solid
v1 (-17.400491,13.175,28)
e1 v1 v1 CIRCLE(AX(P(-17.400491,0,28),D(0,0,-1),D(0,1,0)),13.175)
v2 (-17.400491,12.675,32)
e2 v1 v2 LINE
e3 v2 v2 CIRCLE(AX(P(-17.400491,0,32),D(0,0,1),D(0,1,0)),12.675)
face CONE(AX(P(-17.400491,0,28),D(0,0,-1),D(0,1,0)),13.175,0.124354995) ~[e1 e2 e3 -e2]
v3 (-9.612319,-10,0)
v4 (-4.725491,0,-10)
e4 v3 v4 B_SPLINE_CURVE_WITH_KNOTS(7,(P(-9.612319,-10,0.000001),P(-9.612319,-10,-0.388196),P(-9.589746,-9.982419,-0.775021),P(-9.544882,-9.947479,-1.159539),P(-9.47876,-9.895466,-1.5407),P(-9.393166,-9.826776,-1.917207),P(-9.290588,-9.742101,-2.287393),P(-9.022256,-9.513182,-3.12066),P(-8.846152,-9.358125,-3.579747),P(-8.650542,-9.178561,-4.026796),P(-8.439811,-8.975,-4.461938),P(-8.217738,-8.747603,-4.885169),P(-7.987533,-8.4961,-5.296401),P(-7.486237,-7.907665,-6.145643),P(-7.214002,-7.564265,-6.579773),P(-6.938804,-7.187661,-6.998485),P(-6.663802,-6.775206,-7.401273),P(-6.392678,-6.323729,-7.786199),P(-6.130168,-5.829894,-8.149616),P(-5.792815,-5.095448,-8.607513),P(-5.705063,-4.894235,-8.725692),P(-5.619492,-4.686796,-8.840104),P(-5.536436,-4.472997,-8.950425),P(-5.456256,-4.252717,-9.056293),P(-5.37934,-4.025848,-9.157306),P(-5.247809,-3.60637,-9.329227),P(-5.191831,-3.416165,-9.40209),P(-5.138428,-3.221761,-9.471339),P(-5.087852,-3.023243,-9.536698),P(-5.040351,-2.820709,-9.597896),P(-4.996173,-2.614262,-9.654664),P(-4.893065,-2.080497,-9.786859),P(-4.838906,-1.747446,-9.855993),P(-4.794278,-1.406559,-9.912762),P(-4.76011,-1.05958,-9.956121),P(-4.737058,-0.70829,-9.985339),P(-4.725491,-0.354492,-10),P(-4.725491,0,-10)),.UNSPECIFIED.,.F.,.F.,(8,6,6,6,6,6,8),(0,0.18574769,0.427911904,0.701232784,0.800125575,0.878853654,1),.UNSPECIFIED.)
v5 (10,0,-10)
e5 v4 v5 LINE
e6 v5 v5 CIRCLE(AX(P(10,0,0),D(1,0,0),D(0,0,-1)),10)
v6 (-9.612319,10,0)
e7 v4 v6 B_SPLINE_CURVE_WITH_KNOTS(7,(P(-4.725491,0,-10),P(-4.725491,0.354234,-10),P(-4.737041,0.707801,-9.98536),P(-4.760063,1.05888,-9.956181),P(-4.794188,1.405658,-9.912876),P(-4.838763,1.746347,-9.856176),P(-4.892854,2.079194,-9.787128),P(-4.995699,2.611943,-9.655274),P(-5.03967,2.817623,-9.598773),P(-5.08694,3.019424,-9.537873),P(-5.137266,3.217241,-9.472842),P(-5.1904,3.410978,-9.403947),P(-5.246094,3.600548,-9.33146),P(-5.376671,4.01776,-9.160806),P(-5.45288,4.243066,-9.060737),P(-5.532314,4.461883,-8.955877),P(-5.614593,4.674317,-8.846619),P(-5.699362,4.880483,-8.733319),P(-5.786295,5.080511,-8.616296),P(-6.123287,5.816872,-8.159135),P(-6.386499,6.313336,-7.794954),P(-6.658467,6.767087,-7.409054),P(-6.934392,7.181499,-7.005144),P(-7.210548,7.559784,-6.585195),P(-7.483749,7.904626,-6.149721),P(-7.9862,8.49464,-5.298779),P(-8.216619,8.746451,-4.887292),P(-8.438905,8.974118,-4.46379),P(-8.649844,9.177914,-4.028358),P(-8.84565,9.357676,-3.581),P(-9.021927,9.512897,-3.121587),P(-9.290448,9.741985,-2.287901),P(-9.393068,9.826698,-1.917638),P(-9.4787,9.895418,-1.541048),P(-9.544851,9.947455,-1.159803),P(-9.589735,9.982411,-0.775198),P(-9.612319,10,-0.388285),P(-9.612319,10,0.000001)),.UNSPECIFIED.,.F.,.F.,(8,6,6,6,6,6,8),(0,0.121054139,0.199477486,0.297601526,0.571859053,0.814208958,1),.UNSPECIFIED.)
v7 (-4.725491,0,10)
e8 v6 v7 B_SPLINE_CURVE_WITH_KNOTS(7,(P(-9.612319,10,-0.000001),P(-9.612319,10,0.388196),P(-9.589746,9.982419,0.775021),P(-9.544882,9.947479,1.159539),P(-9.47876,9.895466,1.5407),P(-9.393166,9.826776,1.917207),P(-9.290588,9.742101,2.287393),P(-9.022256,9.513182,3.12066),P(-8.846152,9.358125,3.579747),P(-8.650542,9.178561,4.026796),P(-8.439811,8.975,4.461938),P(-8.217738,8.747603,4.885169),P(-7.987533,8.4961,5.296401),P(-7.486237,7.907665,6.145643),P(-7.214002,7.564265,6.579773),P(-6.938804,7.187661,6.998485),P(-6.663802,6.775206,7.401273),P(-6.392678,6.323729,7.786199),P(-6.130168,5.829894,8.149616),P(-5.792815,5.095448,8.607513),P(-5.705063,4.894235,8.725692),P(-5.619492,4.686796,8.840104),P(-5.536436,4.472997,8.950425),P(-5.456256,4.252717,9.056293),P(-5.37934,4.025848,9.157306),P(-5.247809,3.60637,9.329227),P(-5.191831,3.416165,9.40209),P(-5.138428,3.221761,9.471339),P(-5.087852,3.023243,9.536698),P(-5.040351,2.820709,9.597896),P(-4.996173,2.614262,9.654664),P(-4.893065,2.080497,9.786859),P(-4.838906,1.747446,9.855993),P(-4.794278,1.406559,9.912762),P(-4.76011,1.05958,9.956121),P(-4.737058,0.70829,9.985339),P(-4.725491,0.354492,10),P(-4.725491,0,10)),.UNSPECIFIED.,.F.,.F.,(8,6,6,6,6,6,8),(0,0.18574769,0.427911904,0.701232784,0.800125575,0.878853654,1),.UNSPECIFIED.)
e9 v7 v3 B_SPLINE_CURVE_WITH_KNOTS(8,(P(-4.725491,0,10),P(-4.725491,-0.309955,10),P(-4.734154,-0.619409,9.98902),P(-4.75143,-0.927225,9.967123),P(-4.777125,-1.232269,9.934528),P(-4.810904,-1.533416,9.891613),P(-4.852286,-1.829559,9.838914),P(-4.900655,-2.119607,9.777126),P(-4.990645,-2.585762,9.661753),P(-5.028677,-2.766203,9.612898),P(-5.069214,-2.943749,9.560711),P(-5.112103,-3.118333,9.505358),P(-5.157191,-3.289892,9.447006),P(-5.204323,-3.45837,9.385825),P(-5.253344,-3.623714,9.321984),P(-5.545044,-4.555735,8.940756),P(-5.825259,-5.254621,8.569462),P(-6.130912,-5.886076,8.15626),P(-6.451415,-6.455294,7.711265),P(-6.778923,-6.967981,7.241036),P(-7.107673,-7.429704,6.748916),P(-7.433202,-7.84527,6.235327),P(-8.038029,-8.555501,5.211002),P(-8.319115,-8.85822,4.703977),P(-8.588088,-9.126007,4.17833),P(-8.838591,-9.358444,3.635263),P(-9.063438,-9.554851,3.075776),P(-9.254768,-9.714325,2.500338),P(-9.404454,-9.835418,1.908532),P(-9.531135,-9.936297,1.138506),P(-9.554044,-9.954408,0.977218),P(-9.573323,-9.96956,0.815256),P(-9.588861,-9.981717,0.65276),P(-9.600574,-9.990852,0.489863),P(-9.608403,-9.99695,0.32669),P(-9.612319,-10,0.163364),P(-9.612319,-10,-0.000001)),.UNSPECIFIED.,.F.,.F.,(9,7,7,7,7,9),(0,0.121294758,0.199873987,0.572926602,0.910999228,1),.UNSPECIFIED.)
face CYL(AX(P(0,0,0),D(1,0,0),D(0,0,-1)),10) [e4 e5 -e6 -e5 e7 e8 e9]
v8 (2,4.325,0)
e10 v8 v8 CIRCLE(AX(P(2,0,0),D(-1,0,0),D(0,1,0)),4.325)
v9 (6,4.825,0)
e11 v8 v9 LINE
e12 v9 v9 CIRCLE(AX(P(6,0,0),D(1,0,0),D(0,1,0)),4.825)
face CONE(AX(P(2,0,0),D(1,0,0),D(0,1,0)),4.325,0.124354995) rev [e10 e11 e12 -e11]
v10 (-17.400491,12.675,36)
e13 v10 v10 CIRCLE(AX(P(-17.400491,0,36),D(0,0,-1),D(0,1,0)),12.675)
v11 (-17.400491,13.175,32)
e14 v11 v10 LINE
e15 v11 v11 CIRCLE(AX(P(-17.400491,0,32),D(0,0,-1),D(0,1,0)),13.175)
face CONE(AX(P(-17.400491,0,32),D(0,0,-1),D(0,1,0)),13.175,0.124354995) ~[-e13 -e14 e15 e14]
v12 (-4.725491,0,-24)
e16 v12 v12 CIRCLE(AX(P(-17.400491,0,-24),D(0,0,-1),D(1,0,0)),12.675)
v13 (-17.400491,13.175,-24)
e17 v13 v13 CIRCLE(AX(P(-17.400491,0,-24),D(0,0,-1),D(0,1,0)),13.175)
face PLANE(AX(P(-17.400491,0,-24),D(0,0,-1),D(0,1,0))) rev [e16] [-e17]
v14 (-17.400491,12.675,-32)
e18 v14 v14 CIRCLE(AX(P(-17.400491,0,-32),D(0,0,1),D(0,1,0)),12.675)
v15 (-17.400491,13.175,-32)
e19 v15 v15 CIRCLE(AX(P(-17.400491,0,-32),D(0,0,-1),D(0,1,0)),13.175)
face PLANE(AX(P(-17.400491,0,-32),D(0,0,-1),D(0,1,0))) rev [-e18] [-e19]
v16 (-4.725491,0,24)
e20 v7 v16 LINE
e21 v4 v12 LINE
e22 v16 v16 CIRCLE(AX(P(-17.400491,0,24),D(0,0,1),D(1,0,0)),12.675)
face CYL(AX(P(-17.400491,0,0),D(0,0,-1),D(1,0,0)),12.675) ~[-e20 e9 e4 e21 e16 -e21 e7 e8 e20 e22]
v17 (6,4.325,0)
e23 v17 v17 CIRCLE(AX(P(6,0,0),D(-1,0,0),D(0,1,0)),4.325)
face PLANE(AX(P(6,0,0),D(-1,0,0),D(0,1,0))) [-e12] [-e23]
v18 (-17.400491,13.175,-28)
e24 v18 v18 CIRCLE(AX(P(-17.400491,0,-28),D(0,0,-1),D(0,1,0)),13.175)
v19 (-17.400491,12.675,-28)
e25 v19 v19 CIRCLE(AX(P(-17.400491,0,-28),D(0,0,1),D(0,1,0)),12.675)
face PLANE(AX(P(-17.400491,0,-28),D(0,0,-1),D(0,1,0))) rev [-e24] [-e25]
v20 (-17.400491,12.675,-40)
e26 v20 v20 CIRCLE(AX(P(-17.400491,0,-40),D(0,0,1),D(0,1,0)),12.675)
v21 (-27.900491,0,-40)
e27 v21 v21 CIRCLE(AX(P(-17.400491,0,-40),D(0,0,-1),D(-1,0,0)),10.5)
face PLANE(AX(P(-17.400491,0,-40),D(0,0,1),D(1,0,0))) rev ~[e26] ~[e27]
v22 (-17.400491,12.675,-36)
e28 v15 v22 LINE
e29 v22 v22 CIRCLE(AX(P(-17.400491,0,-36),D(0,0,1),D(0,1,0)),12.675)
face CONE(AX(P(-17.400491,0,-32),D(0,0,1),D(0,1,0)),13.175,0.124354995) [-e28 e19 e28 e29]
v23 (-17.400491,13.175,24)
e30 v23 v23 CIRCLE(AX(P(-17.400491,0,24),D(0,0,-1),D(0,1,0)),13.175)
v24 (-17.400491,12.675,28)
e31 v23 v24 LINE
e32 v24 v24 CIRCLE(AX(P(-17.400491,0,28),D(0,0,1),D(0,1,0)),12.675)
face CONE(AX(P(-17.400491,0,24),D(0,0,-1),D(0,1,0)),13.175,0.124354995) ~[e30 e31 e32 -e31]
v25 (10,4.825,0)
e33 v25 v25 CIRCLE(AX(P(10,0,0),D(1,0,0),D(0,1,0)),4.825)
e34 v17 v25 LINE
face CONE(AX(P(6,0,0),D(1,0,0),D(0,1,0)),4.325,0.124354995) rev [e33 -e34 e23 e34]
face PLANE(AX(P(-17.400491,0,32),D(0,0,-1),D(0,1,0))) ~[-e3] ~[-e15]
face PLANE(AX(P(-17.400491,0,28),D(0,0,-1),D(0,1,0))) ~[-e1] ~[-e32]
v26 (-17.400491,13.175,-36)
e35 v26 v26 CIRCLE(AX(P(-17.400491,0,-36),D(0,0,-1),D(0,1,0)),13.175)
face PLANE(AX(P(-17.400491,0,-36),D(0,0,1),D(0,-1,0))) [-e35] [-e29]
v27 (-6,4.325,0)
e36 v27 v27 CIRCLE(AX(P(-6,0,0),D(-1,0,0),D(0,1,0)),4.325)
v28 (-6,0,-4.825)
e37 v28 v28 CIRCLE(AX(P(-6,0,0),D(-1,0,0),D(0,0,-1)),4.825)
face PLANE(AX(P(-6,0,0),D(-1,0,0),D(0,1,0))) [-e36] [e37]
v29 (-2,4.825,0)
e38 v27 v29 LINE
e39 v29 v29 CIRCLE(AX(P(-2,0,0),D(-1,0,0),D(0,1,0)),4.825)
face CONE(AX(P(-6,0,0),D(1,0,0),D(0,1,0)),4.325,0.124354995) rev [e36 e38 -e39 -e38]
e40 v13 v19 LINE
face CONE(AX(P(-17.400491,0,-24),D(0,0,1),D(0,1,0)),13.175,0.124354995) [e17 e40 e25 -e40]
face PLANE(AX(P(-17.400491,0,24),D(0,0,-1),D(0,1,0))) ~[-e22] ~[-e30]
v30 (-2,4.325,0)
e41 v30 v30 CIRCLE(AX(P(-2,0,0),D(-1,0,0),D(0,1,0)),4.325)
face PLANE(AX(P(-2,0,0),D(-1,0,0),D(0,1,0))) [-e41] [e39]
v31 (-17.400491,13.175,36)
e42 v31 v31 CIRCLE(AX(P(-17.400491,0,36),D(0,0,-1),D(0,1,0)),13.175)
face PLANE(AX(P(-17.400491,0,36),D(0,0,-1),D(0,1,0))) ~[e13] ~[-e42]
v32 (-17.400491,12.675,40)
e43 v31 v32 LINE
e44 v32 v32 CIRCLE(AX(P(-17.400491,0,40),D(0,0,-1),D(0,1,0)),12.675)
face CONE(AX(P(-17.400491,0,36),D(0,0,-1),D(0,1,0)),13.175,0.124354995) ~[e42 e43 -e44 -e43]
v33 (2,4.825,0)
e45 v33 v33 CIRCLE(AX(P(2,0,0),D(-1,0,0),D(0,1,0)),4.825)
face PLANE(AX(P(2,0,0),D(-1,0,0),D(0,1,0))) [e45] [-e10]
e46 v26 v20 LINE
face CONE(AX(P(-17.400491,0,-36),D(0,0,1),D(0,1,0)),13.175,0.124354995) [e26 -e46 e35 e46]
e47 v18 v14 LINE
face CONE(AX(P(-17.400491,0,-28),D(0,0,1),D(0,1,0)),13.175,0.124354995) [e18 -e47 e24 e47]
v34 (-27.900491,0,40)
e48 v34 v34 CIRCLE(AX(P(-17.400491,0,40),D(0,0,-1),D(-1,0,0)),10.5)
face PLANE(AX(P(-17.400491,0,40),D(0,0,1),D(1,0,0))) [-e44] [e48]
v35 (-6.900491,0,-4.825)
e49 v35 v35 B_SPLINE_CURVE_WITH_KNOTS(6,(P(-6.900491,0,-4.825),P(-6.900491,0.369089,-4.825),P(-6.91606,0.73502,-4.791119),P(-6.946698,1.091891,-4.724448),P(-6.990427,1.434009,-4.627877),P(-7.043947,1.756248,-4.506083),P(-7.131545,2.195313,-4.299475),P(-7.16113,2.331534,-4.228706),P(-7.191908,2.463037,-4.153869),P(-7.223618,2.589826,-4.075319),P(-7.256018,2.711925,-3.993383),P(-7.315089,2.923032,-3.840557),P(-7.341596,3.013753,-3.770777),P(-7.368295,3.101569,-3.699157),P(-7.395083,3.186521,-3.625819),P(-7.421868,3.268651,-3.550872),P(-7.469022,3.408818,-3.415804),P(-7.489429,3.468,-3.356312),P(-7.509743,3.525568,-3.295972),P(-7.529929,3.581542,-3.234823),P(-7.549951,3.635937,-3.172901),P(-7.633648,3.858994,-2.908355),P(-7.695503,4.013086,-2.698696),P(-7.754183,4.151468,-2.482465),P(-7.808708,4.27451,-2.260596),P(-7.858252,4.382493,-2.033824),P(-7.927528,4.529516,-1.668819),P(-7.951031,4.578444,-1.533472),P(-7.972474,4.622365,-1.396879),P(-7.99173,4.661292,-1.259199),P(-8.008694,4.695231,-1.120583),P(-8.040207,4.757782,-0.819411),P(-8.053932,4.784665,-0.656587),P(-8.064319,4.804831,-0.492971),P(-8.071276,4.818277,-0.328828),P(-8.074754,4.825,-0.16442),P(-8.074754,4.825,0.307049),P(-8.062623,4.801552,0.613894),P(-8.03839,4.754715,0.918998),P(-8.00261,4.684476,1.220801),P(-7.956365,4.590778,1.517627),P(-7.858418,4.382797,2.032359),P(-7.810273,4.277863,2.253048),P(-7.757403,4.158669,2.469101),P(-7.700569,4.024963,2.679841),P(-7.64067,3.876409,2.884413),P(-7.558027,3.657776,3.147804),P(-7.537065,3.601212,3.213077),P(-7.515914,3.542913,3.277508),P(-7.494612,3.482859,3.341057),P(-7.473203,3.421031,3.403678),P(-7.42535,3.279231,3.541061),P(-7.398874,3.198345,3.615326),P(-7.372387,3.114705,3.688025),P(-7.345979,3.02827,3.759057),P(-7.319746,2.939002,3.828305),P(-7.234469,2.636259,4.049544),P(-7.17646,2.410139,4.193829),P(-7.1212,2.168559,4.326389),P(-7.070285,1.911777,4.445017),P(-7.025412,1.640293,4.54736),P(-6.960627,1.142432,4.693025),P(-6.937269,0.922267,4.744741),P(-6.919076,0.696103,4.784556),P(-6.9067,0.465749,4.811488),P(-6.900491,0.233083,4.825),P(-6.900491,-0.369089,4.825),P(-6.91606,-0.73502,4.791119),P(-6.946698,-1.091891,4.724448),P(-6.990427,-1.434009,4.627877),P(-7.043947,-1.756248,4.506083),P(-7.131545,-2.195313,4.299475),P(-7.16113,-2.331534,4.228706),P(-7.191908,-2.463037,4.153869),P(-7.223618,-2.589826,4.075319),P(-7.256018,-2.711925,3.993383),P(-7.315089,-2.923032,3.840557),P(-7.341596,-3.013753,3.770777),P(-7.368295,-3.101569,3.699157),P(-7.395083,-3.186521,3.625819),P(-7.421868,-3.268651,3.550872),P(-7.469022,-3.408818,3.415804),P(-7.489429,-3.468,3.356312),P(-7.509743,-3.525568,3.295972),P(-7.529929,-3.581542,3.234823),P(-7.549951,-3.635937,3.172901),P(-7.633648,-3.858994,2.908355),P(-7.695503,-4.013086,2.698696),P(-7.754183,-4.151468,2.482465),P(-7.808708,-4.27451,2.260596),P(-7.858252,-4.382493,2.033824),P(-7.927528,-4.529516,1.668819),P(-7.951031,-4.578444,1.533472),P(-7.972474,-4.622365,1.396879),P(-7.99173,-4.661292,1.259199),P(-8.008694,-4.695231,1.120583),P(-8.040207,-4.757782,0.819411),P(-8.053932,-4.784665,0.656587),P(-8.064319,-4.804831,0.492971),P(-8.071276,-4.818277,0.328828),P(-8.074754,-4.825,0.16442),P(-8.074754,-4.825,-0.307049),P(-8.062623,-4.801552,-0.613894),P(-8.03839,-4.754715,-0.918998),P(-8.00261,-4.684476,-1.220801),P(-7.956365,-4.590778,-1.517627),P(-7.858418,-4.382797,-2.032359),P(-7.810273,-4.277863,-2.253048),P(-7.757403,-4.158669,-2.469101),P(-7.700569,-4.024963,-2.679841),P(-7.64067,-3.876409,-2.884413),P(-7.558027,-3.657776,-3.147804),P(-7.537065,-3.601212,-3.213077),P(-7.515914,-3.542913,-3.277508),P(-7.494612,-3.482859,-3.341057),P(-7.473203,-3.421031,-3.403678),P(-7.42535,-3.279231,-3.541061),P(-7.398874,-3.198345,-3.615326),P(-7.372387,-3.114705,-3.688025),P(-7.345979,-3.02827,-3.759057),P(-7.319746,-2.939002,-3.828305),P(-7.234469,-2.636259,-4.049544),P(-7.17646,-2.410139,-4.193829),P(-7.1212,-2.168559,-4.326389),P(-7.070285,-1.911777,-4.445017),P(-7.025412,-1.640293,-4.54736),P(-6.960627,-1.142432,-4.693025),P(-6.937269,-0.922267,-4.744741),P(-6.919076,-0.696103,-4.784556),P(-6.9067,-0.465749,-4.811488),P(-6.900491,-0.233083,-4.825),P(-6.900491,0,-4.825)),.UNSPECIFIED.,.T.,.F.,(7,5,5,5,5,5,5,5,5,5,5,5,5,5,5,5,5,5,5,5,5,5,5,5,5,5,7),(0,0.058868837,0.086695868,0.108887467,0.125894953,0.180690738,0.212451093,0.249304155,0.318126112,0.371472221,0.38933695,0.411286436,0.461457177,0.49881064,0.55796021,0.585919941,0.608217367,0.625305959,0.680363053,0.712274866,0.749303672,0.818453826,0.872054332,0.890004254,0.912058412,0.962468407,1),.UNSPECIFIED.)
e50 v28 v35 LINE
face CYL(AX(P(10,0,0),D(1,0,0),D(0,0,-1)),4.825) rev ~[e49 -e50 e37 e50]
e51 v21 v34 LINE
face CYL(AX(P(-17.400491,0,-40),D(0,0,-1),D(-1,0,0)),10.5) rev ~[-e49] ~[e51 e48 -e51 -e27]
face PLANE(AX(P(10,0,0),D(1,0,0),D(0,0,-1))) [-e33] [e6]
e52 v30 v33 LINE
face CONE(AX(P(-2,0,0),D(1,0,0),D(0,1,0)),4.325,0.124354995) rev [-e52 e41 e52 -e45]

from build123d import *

# Parameters (mm, degrees)
BOSS_EXTRUDE1_DEPTH      = 10
BOSS_EXTRUDE1_DEPTH_BACK = 10
SKETCH1_R                = 10
BOSS_EXTRUDE2_DEPTH      = 40
BOSS_EXTRUDE2_DEPTH_BACK = 40
SKETCH11_R               = 12.675
SKETCH12_R               = 10.5
CUT_EXTRUDE6_DEPTH       = 87.401335837
SKETCH2_R                = 4.825
CUT_EXTRUDE7_DEPTH       = 30
LPATTERN1_COUNT          = 4
LPATTERN1_PITCH          = 4
LPATTERN2_COUNT          = 4
LPATTERN2_PITCH          = 4


with BuildPart() as part:
    # Sketch1 → Boss-Extrude1 (new, two sides: drawn at the far end of the back side and taken through both)
    with BuildSketch(Plane(origin=(0, 0, 0), x_dir=(0, 0, -1), z_dir=(1, 0, 0)).offset(-BOSS_EXTRUDE1_DEPTH_BACK)):
        Circle(SKETCH1_R)
    extrude(amount=BOSS_EXTRUDE1_DEPTH + BOSS_EXTRUDE1_DEPTH_BACK)

    # Sketch11 → Boss-Extrude2 (add, two sides: drawn at the far end of the back side and taken through both)
    with BuildSketch(Plane.XY.offset(-BOSS_EXTRUDE2_DEPTH_BACK)):
        with Locations((-17.400491433, 0)):
            Circle(SKETCH11_R)
    extrude(amount=BOSS_EXTRUDE2_DEPTH + BOSS_EXTRUDE2_DEPTH_BACK)

    # Sketch12 → Cut-Extrude6 (cut, through all)
    with BuildSketch(Plane(origin=(0, 0, -40), x_dir=(-1, 0, 0), z_dir=(0, 0, -1))):
        with Locations((17.400491433, 0)):
            Circle(SKETCH12_R)
    extrude(amount=-CUT_EXTRUDE6_DEPTH, mode=Mode.SUBTRACT)

    # Sketch2 → Cut-Extrude7 (cut)
    with BuildSketch(Plane(origin=(10, 0, 0), x_dir=(0, 0, -1), z_dir=(1, 0, 0))):
        Circle(SKETCH2_R)
    extrude(amount=-CUT_EXTRUDE7_DEPTH, mode=Mode.SUBTRACT)

    # Sketch13 → Revolve1 (revolve)
    with BuildSketch(Plane.XY):
        Polygon((10, 4.825), (6, 4.825), (6, 4.325), align=None)
    revolve1 = revolve(axis=Axis((10, 0, 0), (-1, 0, 0)))

    # LPattern1: Revolve1 ×4
    with Locations(*[(-i * LPATTERN1_PITCH, 0, 0) for i in range(1, LPATTERN1_COUNT)]):
        add(revolve1)

    # Sketch17 → Revolve2 (revolve)
    with BuildSketch(Plane(origin=(-17.400491433, 0, 0), x_dir=(0, 0, -1), z_dir=(1, 0, 0))):
        Polygon((-40, 12.675), (-36, 12.675), (-36, 13.175), align=None)
    revolve2 = revolve(axis=Axis((-17.400491433, 0, 40), (0, 0, -1)))

    # LPattern2: Revolve2 ×4
    with Locations(*[(0, 0, -i * LPATTERN2_PITCH) for i in range(1, LPATTERN2_COUNT)]):
        add(revolve2)

    # Mirror1 copy 1 sketch → Mirror1 copy 1 (revolve)
    with BuildSketch(Plane(origin=(-17.400491433, 0, 4), x_dir=(0, 0, 1), z_dir=(1, 0, 0))):
        Polygon((-40, -12.675), (-36, -12.675), (-36, -13.175), align=None)
    revolve(axis=Axis((-17.400491433, 0, -36), (0, 0, -1)))

    # Mirror1 copy 2 sketch → Mirror1 copy 2 (revolve)
    with BuildSketch(Plane(origin=(-17.400491433, 0, 8), x_dir=(0, 0, 1), z_dir=(1, 0, 0))):
        Polygon((-40, -12.675), (-36, -12.675), (-36, -13.175), align=None)
    revolve(axis=Axis((-17.400491433, 0, -32), (0, 0, -1)))

    # Mirror1 copy 3 sketch → Mirror1 copy 3 (revolve)
    with BuildSketch(Plane(origin=(-17.400491433, 0, 12), x_dir=(0, 0, 1), z_dir=(1, 0, 0))):
        Polygon((-40, -12.675), (-36, -12.675), (-36, -13.175), align=None)
    revolve(axis=Axis((-17.400491433, 0, -28), (0, 0, -1)))

    # Mirror1 copy 4 sketch → Mirror1 copy 4 (revolve)
    with BuildSketch(Plane(origin=(-17.400491433, 0, 0), x_dir=(0, 0, 1), z_dir=(1, 0, 0))):
        Polygon((-40, -12.675), (-36, -12.675), (-36, -13.175), align=None)
    revolve(axis=Axis((-17.400491433, 0, -40), (0, 0, -1)))


solid = part.part
